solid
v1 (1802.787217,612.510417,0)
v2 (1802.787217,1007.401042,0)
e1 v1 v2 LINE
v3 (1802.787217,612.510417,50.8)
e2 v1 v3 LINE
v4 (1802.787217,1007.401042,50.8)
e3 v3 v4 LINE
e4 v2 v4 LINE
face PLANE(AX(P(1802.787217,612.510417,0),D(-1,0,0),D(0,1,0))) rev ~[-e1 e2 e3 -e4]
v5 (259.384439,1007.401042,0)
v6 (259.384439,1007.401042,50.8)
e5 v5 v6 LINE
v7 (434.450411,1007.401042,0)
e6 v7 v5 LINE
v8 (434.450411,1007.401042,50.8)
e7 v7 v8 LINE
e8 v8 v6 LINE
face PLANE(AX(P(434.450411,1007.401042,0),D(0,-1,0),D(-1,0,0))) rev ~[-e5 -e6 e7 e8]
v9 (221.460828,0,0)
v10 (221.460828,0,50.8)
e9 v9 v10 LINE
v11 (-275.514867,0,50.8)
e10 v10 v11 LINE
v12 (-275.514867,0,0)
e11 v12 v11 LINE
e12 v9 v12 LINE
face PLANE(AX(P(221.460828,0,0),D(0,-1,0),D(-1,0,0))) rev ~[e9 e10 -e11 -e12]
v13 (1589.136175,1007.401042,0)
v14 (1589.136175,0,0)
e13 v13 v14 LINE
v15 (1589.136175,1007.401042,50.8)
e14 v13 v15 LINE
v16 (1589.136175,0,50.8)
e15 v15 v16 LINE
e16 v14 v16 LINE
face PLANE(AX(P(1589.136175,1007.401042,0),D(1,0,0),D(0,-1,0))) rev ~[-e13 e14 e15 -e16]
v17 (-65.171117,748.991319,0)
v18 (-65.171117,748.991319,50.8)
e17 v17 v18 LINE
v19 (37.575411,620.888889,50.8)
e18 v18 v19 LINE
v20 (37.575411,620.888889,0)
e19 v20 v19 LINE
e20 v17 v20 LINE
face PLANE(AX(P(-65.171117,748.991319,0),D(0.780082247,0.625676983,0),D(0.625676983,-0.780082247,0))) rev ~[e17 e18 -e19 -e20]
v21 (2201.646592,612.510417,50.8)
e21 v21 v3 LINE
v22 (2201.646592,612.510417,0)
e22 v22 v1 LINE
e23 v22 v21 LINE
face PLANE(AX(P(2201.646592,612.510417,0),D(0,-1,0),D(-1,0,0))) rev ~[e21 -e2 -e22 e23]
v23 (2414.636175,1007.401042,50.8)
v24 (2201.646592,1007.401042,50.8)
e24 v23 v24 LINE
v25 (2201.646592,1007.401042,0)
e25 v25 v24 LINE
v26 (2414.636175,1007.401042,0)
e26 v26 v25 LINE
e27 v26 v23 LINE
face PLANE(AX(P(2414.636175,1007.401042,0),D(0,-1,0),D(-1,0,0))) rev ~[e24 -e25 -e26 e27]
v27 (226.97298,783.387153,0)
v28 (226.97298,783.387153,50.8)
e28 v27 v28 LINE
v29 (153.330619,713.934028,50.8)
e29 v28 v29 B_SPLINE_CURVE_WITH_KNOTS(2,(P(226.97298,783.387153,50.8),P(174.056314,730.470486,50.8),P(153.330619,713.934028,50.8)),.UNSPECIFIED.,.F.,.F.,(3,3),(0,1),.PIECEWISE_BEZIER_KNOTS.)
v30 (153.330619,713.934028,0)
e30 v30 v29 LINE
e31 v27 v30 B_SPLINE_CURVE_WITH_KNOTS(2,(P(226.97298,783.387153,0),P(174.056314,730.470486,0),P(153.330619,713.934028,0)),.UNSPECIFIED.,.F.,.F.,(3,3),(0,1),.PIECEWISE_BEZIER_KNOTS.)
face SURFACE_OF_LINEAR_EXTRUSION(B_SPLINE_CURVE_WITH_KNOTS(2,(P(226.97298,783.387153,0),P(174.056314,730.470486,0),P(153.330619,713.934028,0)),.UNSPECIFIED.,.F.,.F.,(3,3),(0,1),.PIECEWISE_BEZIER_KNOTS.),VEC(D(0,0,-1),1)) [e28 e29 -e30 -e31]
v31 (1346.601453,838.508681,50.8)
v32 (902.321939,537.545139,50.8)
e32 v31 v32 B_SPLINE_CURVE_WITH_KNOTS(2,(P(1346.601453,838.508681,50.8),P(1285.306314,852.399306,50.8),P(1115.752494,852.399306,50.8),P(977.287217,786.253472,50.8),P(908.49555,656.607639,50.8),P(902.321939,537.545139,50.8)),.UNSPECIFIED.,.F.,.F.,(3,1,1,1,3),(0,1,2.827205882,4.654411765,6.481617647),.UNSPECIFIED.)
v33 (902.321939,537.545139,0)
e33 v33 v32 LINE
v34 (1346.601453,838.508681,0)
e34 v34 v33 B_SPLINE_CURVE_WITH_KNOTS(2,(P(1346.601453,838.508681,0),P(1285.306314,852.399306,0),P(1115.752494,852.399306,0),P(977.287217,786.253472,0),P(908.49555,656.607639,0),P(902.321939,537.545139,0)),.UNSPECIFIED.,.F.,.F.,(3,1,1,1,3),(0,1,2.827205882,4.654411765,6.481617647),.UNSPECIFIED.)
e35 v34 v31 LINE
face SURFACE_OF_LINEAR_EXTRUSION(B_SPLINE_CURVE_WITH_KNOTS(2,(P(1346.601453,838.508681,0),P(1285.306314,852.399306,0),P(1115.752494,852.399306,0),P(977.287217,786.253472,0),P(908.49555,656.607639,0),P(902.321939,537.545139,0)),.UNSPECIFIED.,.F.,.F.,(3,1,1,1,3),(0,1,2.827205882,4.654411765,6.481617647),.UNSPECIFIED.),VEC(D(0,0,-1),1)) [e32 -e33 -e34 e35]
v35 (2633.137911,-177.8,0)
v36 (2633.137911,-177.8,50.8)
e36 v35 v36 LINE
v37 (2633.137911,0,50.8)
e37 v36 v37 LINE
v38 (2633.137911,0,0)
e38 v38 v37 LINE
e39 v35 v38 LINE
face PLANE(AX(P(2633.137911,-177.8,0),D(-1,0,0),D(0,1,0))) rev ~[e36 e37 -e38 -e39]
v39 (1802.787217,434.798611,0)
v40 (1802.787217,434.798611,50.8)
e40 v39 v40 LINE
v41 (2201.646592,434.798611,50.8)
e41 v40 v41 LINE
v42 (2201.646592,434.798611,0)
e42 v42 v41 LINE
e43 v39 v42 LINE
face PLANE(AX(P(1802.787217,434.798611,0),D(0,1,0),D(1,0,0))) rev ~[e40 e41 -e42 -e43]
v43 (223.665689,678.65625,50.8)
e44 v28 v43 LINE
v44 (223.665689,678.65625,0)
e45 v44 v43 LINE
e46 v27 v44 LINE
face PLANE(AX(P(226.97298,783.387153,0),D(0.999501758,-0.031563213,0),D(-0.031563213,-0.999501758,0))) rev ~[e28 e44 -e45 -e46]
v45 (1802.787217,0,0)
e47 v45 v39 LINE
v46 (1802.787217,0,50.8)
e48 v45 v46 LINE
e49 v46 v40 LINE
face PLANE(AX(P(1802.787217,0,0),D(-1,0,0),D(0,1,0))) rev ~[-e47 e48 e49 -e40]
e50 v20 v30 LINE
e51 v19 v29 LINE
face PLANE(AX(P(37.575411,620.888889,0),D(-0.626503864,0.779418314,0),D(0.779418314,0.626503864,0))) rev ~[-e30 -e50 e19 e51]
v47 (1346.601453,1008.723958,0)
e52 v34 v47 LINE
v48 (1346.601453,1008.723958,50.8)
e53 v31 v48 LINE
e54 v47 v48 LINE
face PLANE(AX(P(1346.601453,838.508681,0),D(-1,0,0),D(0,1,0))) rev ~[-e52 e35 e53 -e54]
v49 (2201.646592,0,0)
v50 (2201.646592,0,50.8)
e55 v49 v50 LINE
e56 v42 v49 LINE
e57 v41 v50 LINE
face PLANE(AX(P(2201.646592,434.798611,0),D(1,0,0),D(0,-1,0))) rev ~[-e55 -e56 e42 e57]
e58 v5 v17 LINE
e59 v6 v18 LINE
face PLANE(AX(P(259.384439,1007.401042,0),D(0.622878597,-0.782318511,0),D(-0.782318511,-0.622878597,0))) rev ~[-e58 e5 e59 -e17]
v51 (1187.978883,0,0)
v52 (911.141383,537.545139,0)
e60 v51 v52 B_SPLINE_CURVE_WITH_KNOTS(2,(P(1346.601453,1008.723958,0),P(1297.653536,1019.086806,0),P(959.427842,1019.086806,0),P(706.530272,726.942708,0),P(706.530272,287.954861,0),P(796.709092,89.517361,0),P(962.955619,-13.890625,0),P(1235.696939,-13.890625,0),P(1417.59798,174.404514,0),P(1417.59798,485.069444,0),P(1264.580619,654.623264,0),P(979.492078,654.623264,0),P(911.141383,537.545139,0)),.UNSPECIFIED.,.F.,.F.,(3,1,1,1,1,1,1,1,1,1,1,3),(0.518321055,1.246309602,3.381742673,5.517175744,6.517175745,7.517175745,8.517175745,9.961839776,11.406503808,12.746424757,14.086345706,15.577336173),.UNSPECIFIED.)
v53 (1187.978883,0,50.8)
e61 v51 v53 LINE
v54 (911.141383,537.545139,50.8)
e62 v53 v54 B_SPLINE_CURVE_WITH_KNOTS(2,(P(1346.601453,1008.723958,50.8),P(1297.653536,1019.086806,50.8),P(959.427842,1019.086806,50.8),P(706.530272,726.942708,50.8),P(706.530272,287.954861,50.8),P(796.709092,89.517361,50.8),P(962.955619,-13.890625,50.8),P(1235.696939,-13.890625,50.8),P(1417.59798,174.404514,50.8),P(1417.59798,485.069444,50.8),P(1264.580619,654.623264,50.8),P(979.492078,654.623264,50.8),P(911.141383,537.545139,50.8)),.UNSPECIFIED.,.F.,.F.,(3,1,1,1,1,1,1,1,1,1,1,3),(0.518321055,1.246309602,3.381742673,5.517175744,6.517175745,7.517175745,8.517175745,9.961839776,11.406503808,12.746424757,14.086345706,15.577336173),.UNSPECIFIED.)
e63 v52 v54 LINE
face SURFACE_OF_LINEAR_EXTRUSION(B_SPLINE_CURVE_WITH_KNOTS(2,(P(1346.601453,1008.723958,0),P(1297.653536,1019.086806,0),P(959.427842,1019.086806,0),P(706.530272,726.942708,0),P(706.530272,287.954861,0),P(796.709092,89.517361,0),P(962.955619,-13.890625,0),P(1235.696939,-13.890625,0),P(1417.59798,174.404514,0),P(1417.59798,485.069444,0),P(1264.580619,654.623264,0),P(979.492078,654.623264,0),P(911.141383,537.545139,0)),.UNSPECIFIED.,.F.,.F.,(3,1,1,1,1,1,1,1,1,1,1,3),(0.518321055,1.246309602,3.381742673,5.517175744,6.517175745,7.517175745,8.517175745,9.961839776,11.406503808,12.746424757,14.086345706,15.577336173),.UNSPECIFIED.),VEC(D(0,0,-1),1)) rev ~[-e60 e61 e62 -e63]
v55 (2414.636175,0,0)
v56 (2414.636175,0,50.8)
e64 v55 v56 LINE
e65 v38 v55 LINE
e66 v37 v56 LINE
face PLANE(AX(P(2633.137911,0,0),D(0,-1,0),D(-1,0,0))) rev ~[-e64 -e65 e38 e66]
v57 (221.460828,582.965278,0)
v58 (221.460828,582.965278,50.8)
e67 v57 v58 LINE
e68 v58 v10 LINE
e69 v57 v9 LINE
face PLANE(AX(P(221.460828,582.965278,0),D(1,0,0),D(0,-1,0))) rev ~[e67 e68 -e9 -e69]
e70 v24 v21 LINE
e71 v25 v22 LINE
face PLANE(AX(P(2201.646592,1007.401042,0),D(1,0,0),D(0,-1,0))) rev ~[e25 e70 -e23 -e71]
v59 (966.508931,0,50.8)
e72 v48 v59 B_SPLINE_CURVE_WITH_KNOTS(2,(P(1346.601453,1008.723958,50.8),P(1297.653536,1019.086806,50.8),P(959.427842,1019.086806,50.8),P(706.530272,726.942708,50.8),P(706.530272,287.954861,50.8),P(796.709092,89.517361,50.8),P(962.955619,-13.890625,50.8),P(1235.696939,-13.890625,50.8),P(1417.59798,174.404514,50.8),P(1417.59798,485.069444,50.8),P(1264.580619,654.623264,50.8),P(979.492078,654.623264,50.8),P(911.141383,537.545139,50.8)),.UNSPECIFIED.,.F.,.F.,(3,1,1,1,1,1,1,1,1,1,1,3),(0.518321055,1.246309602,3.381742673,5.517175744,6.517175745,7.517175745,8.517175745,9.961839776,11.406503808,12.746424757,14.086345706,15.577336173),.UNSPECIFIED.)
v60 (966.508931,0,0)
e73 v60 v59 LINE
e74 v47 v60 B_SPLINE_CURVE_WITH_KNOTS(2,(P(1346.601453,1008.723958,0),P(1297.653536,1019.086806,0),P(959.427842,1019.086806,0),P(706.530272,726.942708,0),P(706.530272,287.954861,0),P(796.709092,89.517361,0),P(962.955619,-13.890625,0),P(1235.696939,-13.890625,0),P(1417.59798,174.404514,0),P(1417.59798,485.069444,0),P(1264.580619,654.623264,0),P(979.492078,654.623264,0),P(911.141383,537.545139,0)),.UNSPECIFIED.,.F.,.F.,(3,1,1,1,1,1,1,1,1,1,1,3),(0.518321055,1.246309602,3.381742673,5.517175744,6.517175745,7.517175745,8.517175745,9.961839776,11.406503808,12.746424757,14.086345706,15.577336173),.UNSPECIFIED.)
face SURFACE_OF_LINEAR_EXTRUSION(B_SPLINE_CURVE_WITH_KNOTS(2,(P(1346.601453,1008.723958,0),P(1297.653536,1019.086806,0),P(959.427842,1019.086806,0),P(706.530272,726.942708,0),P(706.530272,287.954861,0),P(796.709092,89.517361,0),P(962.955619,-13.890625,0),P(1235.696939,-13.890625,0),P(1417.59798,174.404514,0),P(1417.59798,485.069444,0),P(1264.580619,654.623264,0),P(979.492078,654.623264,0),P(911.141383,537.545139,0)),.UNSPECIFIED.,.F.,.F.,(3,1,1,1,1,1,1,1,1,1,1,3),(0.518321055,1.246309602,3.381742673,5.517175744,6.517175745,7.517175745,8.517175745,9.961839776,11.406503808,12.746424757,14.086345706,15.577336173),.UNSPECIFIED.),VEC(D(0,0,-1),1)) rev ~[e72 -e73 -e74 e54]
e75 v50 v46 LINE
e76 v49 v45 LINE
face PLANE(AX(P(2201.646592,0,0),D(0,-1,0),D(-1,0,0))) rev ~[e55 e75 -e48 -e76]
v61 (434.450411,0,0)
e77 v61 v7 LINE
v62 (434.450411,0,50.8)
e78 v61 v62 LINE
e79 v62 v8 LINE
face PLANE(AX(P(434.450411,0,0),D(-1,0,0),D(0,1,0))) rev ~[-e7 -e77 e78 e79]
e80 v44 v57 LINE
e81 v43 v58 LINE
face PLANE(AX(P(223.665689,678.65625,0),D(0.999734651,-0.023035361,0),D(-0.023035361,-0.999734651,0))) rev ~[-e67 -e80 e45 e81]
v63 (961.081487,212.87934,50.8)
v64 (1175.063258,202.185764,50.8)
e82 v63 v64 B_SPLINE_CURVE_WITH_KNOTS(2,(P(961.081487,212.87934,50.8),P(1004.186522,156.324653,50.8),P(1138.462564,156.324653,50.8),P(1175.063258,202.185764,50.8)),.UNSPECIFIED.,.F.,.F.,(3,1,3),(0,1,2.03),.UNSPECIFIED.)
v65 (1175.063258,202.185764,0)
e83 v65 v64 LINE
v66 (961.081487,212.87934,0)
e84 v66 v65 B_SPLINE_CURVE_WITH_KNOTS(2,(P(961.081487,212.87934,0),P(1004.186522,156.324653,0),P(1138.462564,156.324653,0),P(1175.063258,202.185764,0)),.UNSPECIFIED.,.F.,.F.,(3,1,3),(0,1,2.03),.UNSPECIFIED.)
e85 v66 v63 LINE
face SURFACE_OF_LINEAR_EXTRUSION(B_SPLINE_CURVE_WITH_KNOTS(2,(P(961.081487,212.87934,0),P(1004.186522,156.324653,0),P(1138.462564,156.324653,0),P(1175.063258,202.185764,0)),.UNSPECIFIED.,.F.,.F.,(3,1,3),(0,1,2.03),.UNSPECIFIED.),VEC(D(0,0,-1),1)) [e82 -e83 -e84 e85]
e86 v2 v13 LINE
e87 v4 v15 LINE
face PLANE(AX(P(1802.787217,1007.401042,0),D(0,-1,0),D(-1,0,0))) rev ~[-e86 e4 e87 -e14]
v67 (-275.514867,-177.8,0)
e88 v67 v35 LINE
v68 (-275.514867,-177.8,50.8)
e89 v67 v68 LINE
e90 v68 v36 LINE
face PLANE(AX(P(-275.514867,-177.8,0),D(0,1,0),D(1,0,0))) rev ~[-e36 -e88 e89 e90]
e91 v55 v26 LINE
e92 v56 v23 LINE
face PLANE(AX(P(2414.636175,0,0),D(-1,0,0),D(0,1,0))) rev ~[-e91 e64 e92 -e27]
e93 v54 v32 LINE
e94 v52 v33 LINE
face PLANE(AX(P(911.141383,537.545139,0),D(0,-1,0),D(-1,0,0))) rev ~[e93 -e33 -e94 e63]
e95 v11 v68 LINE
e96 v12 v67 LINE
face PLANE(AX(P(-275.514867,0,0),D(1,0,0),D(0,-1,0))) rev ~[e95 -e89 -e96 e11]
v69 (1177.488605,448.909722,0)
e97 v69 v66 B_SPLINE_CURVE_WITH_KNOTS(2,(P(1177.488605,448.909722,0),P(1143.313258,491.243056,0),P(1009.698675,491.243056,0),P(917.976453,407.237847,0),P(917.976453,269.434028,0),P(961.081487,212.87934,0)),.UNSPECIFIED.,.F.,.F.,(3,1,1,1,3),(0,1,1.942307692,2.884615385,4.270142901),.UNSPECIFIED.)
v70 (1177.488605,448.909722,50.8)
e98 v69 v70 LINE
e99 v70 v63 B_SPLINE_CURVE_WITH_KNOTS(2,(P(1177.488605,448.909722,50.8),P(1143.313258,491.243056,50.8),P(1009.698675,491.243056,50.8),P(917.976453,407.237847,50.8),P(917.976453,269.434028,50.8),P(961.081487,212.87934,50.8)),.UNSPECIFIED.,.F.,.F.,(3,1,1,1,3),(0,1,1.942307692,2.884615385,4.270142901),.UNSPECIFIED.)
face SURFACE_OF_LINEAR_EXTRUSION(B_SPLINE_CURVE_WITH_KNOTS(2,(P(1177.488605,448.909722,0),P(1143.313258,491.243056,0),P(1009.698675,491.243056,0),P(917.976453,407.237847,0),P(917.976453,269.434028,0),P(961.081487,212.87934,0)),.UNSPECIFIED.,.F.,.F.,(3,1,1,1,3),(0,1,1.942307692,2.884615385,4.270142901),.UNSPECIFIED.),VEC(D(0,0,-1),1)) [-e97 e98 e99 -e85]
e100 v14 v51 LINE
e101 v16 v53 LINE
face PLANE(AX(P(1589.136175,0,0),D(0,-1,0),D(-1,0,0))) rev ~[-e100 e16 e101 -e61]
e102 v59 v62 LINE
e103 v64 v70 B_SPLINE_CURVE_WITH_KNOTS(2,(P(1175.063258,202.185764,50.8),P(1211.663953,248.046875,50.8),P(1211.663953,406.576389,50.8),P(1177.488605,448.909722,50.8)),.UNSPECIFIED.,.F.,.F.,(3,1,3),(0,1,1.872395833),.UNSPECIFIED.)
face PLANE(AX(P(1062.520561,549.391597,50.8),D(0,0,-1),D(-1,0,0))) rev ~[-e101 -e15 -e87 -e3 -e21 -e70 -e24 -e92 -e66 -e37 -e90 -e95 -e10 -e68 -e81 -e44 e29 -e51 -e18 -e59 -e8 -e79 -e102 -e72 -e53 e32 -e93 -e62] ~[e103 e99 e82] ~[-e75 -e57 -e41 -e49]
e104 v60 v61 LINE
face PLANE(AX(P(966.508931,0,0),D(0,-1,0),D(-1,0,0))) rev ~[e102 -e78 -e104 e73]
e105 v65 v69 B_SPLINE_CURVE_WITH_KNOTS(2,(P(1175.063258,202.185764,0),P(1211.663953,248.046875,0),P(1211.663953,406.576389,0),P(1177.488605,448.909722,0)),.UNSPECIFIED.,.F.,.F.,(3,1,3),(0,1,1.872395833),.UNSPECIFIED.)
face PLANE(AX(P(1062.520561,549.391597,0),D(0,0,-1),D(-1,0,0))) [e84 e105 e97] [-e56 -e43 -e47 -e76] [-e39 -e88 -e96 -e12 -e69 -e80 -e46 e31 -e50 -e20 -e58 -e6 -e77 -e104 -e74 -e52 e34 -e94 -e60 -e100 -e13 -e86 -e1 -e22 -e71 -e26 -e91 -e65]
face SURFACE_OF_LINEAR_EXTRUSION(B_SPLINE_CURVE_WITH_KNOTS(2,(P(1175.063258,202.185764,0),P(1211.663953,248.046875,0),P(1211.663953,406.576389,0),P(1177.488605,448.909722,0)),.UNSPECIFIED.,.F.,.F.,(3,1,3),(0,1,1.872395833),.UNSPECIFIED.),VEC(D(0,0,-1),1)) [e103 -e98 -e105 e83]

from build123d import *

# Parameters (mm, degrees)
F1_DEPTH = 50.8


with BuildPart() as f1:
    # F0 (on Top) → F1 (new body)
    with BuildSketch(Plane.XY):
        with BuildLine():
            add(Edge.make_bspline(
                [(966.5089312048, 0), (919.8710814193, 12.9086432463), (879.8323553933, 37.8133680556)],
                knots=[0.5183210553, 0.5183210553, 0.5183210553, 1, 1, 1], degree=2))
            Line((966.5089312048, 0), (1187.978883028, 0))
            add(Edge.make_bspline(
                [(1326.64745956, 80.2569444444), (1270.632001474, 22.2724581348), (1187.978883028, 0)],
                knots=[0, 0, 0, 0.6158893602, 0.6158893602, 0.6158893602], degree=2))
            add(Edge.make_bspline(
                [(1417.5979803933, 335.5798611111), (1417.5979803933, 174.4045138889), (1326.64745956, 80.2569444444)],
                knots=[0, 0, 0, 1, 1, 1], degree=2))
            add(Edge.make_bspline(
                [(1341.0892998377, 569.8463541667), (1417.5979803933, 485.0694444444), (1417.5979803933, 335.5798611111)],
                knots=[0, 0, 0, 1, 1, 1], degree=2))
            add(Edge.make_bspline(
                [(1129.6431192822, 654.6232638889), (1264.5806192822, 654.6232638889), (1341.0892998377, 569.8463541667)],
                knots=[0, 0, 0, 1, 1, 1], degree=2))
            add(Edge.make_bspline(
                [(911.1413831711, 537.5451388889), (979.4920776155, 654.6232638889), (1129.6431192822, 654.6232638889)],
                knots=[0, 0, 0, 1, 1, 1], degree=2))
            Line((911.1413831711, 537.5451388889), (902.3219387266, 537.5451388889))
            add(Edge.make_bspline(
                [(942.8913831711, 721.4305555556), (908.4955498377, 656.6076388889), (902.3219387266, 537.5451388889)],
                knots=[0, 0, 0, 1, 1, 1], degree=2))
            add(Edge.make_bspline(
                [(1046.5198553933, 819.3263888889), (977.2872165044, 786.2534722222), (942.8913831711, 721.4305555556)],
                knots=[0, 0, 0, 1, 1, 1], degree=2))
            add(Edge.make_bspline(
                [(1225.3340915044, 852.3993055556), (1115.7524942822, 852.3993055556), (1046.5198553933, 819.3263888889)],
                knots=[0, 0, 0, 1, 1, 1], degree=2))
            add(Edge.make_bspline(
                [(1346.6014526155, 838.5086805556), (1285.3063137266, 852.3993055556), (1225.3340915044, 852.3993055556)],
                knots=[0, 0, 0, 1, 1, 1], degree=2))
            Line((1346.6014526155, 838.5086805556), (1346.6014526155, 1008.7239583333))
            add(Edge.make_bspline(
                [(1211.6639526155, 1019.0868055556), (1297.6535359489, 1019.0868055556), (1346.6014526155, 1008.7239583333)],
                knots=[0, 0, 0, 1, 1, 1], degree=2))
            add(Edge.make_bspline(
                [(832.9790567822, 873.0147569444), (959.4278415044, 1019.0868055556), (1211.6639526155, 1019.0868055556)],
                knots=[0, 0, 0, 1, 1, 1], degree=2))
            add(Edge.make_bspline(
                [(706.53027206, 427.9635416667), (706.53027206, 726.9427083333), (832.9790567822, 873.0147569444)],
                knots=[0, 0, 0, 1, 1, 1], degree=2))
            add(Edge.make_bspline(
                [(751.6196817822, 188.7361111111), (706.53027206, 287.9548611111), (706.53027206, 427.9635416667)],
                knots=[0, 0, 0, 1, 1, 1], degree=2))
            add(Edge.make_bspline(
                [(879.8323553933, 37.8133680556), (796.7090915044, 89.5173611111), (751.6196817822, 188.7361111111)],
                knots=[0, 0, 0, 1, 1, 1], degree=2))
        make_face()
        with BuildLine():
            add(Edge.make_bspline(
                [(1070.3323553933, 156.3246527778), (1138.4625637266, 156.3246527778), (1175.0632581711, 202.1857638889)],
                knots=[0, 0, 0, 1, 1, 1], degree=2))
            add(Edge.make_bspline(
                [(961.0814873377, 212.8793402778), (1004.18652206, 156.3246527778), (1070.3323553933, 156.3246527778)],
                knots=[0, 0, 0, 1, 1, 1], degree=2))
            add(Edge.make_bspline(
                [(917.9764526155, 351.4548611111), (917.9764526155, 269.4340277778), (961.0814873377, 212.8793402778)],
                knots=[0, 0, 0, 1, 1, 1], degree=2))
            add(Edge.make_bspline(
                [(963.8375637266, 449.2404513889), (917.9764526155, 407.2378472222), (917.9764526155, 351.4548611111)],
                knots=[0, 0, 0, 1, 1, 1], degree=2))
            add(Edge.make_bspline(
                [(1074.5215915044, 491.2430555556), (1009.6986748377, 491.2430555556), (963.8375637266, 449.2404513889)],
                knots=[0, 0, 0, 1, 1, 1], degree=2))
            add(Edge.make_bspline(
                [(1177.4886053933, 448.9097222222), (1143.3132581711, 491.2430555556), (1074.5215915044, 491.2430555556)],
                knots=[0, 0, 0, 1, 1, 1], degree=2))
            add(Edge.make_bspline(
                [(1211.6639526155, 332.7135416667), (1211.6639526155, 406.5763888889), (1177.4886053933, 448.9097222222)],
                knots=[0, 0, 0, 1, 1, 1], degree=2))
            add(Edge.make_bspline(
                [(1175.0632581711, 202.1857638889), (1211.6639526155, 248.046875), (1211.6639526155, 332.7135416667)],
                knots=[0, 0, 0, 1, 1, 1], degree=2))
        make_face(mode=Mode.SUBTRACT)
        with BuildLine():
            Line((1187.978883028, 0), (966.5089312048, 0))
            add(Edge.make_bspline(
                [(1074.5215915044, -13.890625), (1016.6945990412, -13.890625), (966.5089312048, 0)],
                knots=[0, 0, 0, 0.5183210553, 0.5183210553, 0.5183210553], degree=2))
            add(Edge.make_bspline(
                [(1187.978883028, 0), (1136.4307572457, -13.890625), (1074.5215915044, -13.890625)],
                knots=[0.6158893602, 0.6158893602, 0.6158893602, 1, 1, 1], degree=2))
        make_face()
        with BuildLine():
            Line((-275.5148668289, 0), (-275.5148668289, -177.8))
            Line((-275.5148668289, -177.8), (2633.1379109489, -177.8))
            Line((2633.1379109489, -177.8), (2633.1379109489, 0))
            Line((2633.1379109489, 0), (2414.6361748377, 0))
            Line((2414.6361748377, 0), (2201.6465915044, 0))
            Line((2201.6465915044, 0), (1802.7872165044, 0))
            Line((1802.7872165044, 0), (1589.1361748377, 0))
            Line((1589.1361748377, 0), (1187.978883028, 0))
            add(Edge.make_bspline(
                [(1187.978883028, 0), (1136.4307572457, -13.890625), (1074.5215915044, -13.890625)],
                knots=[0.6158893602, 0.6158893602, 0.6158893602, 1, 1, 1], degree=2))
            add(Edge.make_bspline(
                [(1074.5215915044, -13.890625), (1016.6945990412, -13.890625), (966.5089312048, 0)],
                knots=[0, 0, 0, 0.5183210553, 0.5183210553, 0.5183210553], degree=2))
            Line((966.5089312048, 0), (434.4504109489, 0))
            Line((434.4504109489, 0), (221.4608276155, 0))
            Line((221.4608276155, 0), (-275.5148668289, 0))
        make_face()
        with BuildLine():
            Line((221.4608276155, 582.9652777778), (221.4608276155, 0))
            Line((221.4608276155, 0), (434.4504109489, 0))
            Line((434.4504109489, 0), (434.4504109489, 1007.4010416667))
            Line((434.4504109489, 1007.4010416667), (259.3844387266, 1007.4010416667))
            Line((259.3844387266, 1007.4010416667), (-65.1711168289, 748.9913194444))
            Line((-65.1711168289, 748.9913194444), (37.5754109489, 620.8888888889))
            Line((37.5754109489, 620.8888888889), (153.3306192822, 713.9340277778))
            add(Edge.make_bspline(
                [(226.9729803933, 783.3871527778), (174.0563137266, 730.4704861111), (153.3306192822, 713.9340277778)],
                knots=[0, 0, 0, 1, 1, 1], degree=2))
            Line((226.9729803933, 783.3871527778), (223.6656887266, 678.65625))
            Line((223.6656887266, 678.65625), (221.4608276155, 582.9652777778))
        make_face()
        Polygon((2201.6465915044, 0), (2414.6361748377, 0), (2414.6361748377, 1007.4010416667), (2201.6465915044, 1007.4010416667), (2201.6465915044, 612.5104166667), (1802.7872165044, 612.5104166667), (1802.7872165044, 1007.4010416667), (1589.1361748377, 1007.4010416667), (1589.1361748377, 0), (1802.7872165044, 0), (1802.7872165044, 434.7986111111), (2201.6465915044, 434.7986111111), align=None)
    extrude(amount=F1_DEPTH)


solid = f1.part
